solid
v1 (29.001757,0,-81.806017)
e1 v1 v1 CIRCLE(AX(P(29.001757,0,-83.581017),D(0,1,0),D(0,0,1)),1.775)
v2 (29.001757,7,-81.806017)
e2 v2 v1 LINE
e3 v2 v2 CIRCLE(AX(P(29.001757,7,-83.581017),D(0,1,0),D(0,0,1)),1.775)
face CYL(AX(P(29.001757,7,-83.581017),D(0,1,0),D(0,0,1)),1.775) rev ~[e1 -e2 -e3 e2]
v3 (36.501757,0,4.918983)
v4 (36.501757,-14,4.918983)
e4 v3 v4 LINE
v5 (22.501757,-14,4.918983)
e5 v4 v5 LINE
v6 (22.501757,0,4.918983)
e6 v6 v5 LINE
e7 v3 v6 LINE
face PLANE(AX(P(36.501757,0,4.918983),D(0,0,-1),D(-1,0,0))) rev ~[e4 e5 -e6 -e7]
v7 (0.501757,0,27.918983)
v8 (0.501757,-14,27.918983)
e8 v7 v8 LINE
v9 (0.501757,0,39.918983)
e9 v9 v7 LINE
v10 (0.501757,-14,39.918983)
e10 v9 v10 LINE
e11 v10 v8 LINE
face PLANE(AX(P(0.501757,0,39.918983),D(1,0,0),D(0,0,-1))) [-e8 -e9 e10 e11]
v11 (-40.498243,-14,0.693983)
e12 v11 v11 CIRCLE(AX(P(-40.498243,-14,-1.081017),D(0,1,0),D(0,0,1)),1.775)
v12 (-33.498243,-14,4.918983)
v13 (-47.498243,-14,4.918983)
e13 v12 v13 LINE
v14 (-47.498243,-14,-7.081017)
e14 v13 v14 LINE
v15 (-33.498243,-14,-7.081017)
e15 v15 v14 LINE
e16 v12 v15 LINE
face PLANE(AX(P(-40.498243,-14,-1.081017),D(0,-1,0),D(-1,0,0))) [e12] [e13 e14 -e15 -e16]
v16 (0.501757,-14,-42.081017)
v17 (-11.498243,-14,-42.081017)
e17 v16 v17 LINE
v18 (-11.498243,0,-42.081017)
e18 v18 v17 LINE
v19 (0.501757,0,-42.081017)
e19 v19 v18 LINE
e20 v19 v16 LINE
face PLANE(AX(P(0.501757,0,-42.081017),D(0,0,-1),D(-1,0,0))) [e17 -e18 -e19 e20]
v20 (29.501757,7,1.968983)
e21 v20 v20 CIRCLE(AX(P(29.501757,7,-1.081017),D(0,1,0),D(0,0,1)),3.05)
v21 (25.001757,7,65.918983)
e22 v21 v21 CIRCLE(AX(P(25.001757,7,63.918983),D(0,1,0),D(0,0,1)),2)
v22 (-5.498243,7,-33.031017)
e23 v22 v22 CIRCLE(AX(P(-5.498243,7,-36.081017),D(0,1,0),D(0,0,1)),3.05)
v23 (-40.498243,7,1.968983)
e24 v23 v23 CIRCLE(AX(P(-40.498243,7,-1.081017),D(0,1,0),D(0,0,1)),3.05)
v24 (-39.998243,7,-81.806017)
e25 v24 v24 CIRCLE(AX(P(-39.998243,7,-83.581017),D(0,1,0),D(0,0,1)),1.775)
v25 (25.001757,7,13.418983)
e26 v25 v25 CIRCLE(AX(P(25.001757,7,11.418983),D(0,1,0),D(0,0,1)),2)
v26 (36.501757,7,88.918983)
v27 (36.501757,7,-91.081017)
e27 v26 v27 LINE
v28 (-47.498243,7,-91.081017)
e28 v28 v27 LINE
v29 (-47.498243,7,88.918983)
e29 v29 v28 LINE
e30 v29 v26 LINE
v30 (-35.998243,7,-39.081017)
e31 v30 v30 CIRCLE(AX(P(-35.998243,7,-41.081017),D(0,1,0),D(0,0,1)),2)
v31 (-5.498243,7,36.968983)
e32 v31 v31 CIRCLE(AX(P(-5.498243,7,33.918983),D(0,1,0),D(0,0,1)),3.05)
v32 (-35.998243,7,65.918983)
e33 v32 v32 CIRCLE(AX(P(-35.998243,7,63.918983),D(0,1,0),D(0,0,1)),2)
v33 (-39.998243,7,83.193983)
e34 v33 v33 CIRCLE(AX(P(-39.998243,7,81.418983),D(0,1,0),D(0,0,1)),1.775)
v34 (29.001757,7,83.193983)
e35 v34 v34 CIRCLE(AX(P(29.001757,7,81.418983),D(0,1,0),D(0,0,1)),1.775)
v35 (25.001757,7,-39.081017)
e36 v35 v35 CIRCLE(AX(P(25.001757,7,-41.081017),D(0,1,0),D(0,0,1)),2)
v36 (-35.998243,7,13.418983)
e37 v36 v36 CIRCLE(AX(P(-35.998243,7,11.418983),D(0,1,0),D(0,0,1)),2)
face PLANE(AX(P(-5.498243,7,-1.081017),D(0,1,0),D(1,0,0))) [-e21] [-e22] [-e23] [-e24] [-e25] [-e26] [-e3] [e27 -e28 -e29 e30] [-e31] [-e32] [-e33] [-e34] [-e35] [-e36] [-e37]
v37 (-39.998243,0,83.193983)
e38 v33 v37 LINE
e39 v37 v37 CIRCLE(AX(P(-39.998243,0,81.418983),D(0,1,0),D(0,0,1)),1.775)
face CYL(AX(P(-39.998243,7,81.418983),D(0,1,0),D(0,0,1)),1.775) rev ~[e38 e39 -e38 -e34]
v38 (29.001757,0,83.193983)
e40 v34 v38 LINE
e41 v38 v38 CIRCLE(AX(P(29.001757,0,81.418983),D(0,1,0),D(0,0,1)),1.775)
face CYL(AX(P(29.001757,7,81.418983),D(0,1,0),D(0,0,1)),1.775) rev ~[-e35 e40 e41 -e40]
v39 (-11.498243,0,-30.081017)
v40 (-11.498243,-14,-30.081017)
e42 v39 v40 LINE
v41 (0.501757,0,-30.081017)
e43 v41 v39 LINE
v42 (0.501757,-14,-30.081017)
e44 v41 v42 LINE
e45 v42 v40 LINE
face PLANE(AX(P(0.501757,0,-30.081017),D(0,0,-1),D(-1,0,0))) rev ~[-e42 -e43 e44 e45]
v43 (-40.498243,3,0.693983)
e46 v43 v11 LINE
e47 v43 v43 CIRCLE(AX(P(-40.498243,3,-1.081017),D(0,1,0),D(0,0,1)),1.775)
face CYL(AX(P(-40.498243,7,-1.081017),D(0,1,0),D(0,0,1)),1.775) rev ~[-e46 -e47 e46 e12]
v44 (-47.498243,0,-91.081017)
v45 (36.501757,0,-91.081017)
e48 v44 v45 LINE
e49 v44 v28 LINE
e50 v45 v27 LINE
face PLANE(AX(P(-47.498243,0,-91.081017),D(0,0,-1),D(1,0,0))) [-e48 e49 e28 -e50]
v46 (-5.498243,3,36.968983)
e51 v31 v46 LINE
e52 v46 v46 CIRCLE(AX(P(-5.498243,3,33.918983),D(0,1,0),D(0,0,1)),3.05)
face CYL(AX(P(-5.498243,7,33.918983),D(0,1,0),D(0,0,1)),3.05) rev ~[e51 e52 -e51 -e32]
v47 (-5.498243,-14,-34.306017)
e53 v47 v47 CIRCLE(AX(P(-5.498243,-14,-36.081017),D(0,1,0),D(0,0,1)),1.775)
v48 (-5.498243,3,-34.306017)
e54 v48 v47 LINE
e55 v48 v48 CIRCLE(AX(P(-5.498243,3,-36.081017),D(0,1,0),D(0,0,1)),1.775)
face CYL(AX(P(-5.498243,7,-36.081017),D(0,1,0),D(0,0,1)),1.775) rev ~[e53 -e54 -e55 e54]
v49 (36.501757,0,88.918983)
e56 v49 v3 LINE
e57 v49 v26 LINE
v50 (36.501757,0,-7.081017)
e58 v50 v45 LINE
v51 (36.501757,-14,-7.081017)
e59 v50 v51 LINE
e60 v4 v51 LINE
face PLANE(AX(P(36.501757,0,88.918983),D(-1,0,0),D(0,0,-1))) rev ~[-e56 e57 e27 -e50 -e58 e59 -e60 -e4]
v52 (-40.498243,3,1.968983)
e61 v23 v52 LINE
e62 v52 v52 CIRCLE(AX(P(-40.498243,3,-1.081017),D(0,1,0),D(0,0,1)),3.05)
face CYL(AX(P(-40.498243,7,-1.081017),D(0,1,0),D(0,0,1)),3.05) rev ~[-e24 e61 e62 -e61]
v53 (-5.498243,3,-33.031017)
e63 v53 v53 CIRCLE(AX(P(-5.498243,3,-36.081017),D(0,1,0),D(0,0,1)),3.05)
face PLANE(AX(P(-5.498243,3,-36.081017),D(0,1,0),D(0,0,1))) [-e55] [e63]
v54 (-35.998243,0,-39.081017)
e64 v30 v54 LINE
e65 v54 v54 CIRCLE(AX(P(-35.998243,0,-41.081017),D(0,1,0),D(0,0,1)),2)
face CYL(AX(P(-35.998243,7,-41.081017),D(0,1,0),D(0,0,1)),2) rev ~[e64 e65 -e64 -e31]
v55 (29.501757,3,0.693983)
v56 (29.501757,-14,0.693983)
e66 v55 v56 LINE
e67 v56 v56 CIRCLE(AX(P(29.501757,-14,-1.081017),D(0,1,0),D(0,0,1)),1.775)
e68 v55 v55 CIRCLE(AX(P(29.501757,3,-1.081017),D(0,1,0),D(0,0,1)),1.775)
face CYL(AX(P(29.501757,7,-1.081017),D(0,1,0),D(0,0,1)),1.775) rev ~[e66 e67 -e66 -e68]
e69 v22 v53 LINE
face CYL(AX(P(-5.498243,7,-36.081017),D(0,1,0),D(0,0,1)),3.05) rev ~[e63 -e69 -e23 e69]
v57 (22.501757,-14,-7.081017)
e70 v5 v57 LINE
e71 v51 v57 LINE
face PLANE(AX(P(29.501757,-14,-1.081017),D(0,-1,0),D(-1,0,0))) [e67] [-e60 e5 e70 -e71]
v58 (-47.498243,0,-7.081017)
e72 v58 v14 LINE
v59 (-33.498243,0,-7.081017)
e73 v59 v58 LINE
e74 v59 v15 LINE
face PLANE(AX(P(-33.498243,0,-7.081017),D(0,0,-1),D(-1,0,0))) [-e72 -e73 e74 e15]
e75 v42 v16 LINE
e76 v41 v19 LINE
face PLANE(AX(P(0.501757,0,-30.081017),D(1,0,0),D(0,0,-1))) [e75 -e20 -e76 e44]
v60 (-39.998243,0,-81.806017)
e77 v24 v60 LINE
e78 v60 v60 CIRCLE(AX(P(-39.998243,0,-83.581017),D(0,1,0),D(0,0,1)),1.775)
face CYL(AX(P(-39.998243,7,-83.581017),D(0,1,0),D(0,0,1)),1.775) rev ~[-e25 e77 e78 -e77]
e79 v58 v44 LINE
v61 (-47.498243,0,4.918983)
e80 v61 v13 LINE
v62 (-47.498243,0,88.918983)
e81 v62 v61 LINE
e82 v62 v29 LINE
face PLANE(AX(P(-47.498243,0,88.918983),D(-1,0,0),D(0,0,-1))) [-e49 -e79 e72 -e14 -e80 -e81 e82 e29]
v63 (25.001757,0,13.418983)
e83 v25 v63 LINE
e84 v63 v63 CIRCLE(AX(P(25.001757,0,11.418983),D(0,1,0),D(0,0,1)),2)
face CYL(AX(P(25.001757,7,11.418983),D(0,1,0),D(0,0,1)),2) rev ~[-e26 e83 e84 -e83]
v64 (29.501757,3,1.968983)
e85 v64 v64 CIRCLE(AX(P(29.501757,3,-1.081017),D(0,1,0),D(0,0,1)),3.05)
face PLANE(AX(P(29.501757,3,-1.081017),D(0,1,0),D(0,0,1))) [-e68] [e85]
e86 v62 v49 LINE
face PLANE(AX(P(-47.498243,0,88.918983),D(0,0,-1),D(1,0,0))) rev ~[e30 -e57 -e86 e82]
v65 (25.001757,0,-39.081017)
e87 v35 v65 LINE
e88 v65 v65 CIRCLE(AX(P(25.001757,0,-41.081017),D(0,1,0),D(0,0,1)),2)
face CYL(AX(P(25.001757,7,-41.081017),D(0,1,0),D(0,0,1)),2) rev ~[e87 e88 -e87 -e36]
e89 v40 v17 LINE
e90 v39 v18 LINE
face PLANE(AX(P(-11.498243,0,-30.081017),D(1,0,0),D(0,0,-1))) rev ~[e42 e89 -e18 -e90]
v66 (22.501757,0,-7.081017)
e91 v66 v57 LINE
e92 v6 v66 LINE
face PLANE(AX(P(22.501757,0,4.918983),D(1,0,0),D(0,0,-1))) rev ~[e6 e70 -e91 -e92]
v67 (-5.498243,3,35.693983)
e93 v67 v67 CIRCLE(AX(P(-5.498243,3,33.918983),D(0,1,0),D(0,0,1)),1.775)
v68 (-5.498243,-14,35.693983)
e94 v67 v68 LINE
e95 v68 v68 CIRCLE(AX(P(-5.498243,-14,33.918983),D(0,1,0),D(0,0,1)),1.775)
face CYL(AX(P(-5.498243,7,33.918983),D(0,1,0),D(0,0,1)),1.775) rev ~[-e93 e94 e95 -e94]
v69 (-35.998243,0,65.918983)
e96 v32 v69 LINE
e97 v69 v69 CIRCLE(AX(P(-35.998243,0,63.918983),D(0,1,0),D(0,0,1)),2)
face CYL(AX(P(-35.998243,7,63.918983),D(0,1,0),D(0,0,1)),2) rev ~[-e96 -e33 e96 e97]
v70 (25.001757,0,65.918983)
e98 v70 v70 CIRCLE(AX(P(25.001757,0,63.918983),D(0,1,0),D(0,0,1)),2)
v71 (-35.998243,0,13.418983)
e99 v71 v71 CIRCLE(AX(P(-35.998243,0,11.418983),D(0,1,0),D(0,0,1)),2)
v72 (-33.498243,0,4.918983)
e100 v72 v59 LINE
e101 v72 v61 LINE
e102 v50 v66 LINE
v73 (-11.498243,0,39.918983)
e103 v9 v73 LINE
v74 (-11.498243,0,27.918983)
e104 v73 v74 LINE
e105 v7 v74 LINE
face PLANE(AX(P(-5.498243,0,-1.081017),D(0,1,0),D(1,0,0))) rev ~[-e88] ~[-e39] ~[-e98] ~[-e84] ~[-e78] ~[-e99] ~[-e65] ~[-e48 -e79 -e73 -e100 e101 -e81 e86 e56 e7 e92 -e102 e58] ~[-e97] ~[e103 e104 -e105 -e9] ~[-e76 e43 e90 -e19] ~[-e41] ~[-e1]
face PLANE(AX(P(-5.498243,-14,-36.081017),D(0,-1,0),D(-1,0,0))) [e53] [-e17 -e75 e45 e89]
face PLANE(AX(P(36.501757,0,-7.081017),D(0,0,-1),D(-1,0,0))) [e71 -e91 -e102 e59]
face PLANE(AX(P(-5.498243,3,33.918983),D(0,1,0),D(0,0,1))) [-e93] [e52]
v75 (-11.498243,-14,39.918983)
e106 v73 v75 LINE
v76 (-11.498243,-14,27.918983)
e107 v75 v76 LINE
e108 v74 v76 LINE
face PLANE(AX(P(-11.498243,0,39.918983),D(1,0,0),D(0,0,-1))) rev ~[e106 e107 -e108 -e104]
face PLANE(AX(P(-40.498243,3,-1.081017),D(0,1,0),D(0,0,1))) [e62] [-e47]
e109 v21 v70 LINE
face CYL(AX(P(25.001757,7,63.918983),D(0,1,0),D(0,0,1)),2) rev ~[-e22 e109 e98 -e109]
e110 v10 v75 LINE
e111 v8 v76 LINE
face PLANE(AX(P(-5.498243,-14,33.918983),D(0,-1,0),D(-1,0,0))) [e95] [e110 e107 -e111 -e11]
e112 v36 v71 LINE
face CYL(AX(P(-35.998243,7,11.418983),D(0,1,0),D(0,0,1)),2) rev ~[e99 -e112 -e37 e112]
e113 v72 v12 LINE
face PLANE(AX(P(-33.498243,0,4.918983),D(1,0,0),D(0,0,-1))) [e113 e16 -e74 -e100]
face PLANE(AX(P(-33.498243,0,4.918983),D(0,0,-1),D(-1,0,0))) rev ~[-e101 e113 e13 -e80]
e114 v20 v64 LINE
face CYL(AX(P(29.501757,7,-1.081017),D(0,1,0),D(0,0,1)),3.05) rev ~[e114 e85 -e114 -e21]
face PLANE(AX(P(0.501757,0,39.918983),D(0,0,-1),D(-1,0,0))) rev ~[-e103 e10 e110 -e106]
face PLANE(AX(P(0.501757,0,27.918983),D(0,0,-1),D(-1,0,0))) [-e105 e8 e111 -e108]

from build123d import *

# Parameters (mm, degrees)
SKETCH1_W           = 84
SKETCH1_H           = 180
BOSS_EXTRUDE1_DEPTH = 7
SKETCH2_R           = 1.775
CUT_EXTRUDE1_DEPTH  = 103.960355362
SKETCH3_R           = 3.05
CUT_EXTRUDE2_DEPTH  = 4
SKETCH5_W           = 12
SKETCH5_H           = 12
SKETCH5_W_2         = 14
BOSS_EXTRUDE2_DEPTH = 14
SKETCH6_R           = 1.775
CUT_EXTRUDE3_DEPTH  = 105.846720389
SKETCH7_R           = 2
CUT_EXTRUDE4_DEPTH  = 105.846720389
SKETCH8_R           = 1.775
CUT_EXTRUDE5_DEPTH  = 105.846720389


with BuildPart() as part:
    # Sketch1 → Boss-Extrude1 (new body)
    with BuildSketch(Plane(origin=(0, 0, 0), x_dir=(1, 0, 0), z_dir=(0, 1, 0))):
        with Locations((-5.498242658, 1.081017345)):
            Rectangle(SKETCH1_W, SKETCH1_H)
    extrude(amount=BOSS_EXTRUDE1_DEPTH)

    # Sketch2 → Cut-Extrude1 (cut, through all)
    with BuildSketch(Plane(origin=(0, 7, 0), x_dir=(1, 0, 0), z_dir=(0, 1, 0))):
        with Locations(Location((-40.498242658, 1.081017345, 0), (0, 0, 270))):
            Circle(SKETCH2_R)
        with Locations(Location((-5.498242658, -33.918982655, 0), (0, 0, 270))):
            Circle(SKETCH2_R)
        with Locations(Location((29.501757342, 1.081017345, 0), (0, 0, 270))):
            Circle(SKETCH2_R)
        with Locations(Location((-5.498242658, 36.081017345, 0), (0, 0, 270))):
            Circle(SKETCH2_R)
    extrude(amount=-CUT_EXTRUDE1_DEPTH, mode=Mode.SUBTRACT)

    # Sketch3 → Cut-Extrude2 (cut)
    with BuildSketch(Plane(origin=(0, 7, 0), x_dir=(1, 0, 0), z_dir=(0, 1, 0))):
        with Locations(Location((-40.498242658, 1.081017345, 0), (0, 0, 270))):
            Circle(SKETCH3_R)
        with Locations(Location((-5.498242658, -33.918982655, 0), (0, 0, 270))):
            Circle(SKETCH3_R)
        with Locations(Location((-5.498242658, 36.081017345, 0), (0, 0, 270))):
            Circle(SKETCH3_R)
        with Locations(Location((29.501757342, 1.081017345, 0), (0, 0, 270))):
            Circle(SKETCH3_R)
    extrude(amount=-CUT_EXTRUDE2_DEPTH, mode=Mode.SUBTRACT)

    # Sketch5 → Boss-Extrude2 (add)
    with BuildSketch(Plane(origin=(0, 0, 0), x_dir=(-1, 0, 0), z_dir=(0, -1, 0))):
        with Locations((5.498242658, -33.918982655)):
            Rectangle(SKETCH5_W, SKETCH5_H)
        with Locations((40.498242658, 1.081017345)):
            Rectangle(SKETCH5_W_2, SKETCH5_H)
        with Locations((5.498242658, 36.081017345)):
            Rectangle(SKETCH5_W, SKETCH5_H)
        with Locations((-29.501757342, 1.081017345)):
            Rectangle(SKETCH5_W_2, SKETCH5_H)
    extrude(amount=BOSS_EXTRUDE2_DEPTH)

    # Sketch6 → Cut-Extrude3 (cut, through all)
    with BuildSketch(Plane(origin=(0, 7, 0), x_dir=(1, 0, 0), z_dir=(0, 1, 0))):
        with Locations(Location((-40.498242658, 1.081017345, 0), (0, 0, 270))):
            Circle(SKETCH6_R)
        with Locations(Location((29.501757342, 1.081017345, 0), (0, 0, 270))):
            Circle(SKETCH6_R)
        with Locations(Location((-5.498242658, -33.918982655, 0), (0, 0, 270))):
            Circle(SKETCH6_R)
        with Locations(Location((-5.498242658, 36.081017345, 0), (0, 0, 270))):
            Circle(SKETCH6_R)
    extrude(amount=-CUT_EXTRUDE3_DEPTH, mode=Mode.SUBTRACT)

    # Sketch7 → Cut-Extrude4 (cut, through all)
    with BuildSketch(Plane(origin=(0, 7, 0), x_dir=(1, 0, 0), z_dir=(0, 1, 0))):
        with Locations(Location((-35.998242658, -63.918982655, 0), (0, 0, 270))):
            Circle(SKETCH7_R)
        with Locations(Location((-35.998242658, -11.418982655, 0), (0, 0, 270))):
            Circle(SKETCH7_R)
        with Locations(Location((-35.998242658, 41.081017345, 0), (0, 0, 270))):
            Circle(SKETCH7_R)
        with Locations(Location((25.001757342, -63.918982655, 0), (0, 0, 270))):
            Circle(SKETCH7_R)
        with Locations(Location((25.001757342, -11.418982655, 0), (0, 0, 270))):
            Circle(SKETCH7_R)
        with Locations(Location((25.001757342, 41.081017345, 0), (0, 0, 270))):
            Circle(SKETCH7_R)
    extrude(amount=-CUT_EXTRUDE4_DEPTH, mode=Mode.SUBTRACT)

    # Sketch8 → Cut-Extrude5 (cut, through all)
    with BuildSketch(Plane(origin=(0, 7, 0), x_dir=(1, 0, 0), z_dir=(0, 1, 0))):
        with Locations(Location((-39.998242658, -81.418982655, 0), (0, 0, 270))):
            Circle(SKETCH8_R)
        with Locations(Location((-39.998242658, 83.581017345, 0), (0, 0, 270))):
            Circle(SKETCH8_R)
        with Locations(Location((29.001757342, 83.581017345, 0), (0, 0, 270))):
            Circle(SKETCH8_R)
        with Locations(Location((29.001757342, -81.418982655, 0), (0, 0, 270))):
            Circle(SKETCH8_R)
    extrude(amount=-CUT_EXTRUDE5_DEPTH, mode=Mode.SUBTRACT)


solid = part.part
